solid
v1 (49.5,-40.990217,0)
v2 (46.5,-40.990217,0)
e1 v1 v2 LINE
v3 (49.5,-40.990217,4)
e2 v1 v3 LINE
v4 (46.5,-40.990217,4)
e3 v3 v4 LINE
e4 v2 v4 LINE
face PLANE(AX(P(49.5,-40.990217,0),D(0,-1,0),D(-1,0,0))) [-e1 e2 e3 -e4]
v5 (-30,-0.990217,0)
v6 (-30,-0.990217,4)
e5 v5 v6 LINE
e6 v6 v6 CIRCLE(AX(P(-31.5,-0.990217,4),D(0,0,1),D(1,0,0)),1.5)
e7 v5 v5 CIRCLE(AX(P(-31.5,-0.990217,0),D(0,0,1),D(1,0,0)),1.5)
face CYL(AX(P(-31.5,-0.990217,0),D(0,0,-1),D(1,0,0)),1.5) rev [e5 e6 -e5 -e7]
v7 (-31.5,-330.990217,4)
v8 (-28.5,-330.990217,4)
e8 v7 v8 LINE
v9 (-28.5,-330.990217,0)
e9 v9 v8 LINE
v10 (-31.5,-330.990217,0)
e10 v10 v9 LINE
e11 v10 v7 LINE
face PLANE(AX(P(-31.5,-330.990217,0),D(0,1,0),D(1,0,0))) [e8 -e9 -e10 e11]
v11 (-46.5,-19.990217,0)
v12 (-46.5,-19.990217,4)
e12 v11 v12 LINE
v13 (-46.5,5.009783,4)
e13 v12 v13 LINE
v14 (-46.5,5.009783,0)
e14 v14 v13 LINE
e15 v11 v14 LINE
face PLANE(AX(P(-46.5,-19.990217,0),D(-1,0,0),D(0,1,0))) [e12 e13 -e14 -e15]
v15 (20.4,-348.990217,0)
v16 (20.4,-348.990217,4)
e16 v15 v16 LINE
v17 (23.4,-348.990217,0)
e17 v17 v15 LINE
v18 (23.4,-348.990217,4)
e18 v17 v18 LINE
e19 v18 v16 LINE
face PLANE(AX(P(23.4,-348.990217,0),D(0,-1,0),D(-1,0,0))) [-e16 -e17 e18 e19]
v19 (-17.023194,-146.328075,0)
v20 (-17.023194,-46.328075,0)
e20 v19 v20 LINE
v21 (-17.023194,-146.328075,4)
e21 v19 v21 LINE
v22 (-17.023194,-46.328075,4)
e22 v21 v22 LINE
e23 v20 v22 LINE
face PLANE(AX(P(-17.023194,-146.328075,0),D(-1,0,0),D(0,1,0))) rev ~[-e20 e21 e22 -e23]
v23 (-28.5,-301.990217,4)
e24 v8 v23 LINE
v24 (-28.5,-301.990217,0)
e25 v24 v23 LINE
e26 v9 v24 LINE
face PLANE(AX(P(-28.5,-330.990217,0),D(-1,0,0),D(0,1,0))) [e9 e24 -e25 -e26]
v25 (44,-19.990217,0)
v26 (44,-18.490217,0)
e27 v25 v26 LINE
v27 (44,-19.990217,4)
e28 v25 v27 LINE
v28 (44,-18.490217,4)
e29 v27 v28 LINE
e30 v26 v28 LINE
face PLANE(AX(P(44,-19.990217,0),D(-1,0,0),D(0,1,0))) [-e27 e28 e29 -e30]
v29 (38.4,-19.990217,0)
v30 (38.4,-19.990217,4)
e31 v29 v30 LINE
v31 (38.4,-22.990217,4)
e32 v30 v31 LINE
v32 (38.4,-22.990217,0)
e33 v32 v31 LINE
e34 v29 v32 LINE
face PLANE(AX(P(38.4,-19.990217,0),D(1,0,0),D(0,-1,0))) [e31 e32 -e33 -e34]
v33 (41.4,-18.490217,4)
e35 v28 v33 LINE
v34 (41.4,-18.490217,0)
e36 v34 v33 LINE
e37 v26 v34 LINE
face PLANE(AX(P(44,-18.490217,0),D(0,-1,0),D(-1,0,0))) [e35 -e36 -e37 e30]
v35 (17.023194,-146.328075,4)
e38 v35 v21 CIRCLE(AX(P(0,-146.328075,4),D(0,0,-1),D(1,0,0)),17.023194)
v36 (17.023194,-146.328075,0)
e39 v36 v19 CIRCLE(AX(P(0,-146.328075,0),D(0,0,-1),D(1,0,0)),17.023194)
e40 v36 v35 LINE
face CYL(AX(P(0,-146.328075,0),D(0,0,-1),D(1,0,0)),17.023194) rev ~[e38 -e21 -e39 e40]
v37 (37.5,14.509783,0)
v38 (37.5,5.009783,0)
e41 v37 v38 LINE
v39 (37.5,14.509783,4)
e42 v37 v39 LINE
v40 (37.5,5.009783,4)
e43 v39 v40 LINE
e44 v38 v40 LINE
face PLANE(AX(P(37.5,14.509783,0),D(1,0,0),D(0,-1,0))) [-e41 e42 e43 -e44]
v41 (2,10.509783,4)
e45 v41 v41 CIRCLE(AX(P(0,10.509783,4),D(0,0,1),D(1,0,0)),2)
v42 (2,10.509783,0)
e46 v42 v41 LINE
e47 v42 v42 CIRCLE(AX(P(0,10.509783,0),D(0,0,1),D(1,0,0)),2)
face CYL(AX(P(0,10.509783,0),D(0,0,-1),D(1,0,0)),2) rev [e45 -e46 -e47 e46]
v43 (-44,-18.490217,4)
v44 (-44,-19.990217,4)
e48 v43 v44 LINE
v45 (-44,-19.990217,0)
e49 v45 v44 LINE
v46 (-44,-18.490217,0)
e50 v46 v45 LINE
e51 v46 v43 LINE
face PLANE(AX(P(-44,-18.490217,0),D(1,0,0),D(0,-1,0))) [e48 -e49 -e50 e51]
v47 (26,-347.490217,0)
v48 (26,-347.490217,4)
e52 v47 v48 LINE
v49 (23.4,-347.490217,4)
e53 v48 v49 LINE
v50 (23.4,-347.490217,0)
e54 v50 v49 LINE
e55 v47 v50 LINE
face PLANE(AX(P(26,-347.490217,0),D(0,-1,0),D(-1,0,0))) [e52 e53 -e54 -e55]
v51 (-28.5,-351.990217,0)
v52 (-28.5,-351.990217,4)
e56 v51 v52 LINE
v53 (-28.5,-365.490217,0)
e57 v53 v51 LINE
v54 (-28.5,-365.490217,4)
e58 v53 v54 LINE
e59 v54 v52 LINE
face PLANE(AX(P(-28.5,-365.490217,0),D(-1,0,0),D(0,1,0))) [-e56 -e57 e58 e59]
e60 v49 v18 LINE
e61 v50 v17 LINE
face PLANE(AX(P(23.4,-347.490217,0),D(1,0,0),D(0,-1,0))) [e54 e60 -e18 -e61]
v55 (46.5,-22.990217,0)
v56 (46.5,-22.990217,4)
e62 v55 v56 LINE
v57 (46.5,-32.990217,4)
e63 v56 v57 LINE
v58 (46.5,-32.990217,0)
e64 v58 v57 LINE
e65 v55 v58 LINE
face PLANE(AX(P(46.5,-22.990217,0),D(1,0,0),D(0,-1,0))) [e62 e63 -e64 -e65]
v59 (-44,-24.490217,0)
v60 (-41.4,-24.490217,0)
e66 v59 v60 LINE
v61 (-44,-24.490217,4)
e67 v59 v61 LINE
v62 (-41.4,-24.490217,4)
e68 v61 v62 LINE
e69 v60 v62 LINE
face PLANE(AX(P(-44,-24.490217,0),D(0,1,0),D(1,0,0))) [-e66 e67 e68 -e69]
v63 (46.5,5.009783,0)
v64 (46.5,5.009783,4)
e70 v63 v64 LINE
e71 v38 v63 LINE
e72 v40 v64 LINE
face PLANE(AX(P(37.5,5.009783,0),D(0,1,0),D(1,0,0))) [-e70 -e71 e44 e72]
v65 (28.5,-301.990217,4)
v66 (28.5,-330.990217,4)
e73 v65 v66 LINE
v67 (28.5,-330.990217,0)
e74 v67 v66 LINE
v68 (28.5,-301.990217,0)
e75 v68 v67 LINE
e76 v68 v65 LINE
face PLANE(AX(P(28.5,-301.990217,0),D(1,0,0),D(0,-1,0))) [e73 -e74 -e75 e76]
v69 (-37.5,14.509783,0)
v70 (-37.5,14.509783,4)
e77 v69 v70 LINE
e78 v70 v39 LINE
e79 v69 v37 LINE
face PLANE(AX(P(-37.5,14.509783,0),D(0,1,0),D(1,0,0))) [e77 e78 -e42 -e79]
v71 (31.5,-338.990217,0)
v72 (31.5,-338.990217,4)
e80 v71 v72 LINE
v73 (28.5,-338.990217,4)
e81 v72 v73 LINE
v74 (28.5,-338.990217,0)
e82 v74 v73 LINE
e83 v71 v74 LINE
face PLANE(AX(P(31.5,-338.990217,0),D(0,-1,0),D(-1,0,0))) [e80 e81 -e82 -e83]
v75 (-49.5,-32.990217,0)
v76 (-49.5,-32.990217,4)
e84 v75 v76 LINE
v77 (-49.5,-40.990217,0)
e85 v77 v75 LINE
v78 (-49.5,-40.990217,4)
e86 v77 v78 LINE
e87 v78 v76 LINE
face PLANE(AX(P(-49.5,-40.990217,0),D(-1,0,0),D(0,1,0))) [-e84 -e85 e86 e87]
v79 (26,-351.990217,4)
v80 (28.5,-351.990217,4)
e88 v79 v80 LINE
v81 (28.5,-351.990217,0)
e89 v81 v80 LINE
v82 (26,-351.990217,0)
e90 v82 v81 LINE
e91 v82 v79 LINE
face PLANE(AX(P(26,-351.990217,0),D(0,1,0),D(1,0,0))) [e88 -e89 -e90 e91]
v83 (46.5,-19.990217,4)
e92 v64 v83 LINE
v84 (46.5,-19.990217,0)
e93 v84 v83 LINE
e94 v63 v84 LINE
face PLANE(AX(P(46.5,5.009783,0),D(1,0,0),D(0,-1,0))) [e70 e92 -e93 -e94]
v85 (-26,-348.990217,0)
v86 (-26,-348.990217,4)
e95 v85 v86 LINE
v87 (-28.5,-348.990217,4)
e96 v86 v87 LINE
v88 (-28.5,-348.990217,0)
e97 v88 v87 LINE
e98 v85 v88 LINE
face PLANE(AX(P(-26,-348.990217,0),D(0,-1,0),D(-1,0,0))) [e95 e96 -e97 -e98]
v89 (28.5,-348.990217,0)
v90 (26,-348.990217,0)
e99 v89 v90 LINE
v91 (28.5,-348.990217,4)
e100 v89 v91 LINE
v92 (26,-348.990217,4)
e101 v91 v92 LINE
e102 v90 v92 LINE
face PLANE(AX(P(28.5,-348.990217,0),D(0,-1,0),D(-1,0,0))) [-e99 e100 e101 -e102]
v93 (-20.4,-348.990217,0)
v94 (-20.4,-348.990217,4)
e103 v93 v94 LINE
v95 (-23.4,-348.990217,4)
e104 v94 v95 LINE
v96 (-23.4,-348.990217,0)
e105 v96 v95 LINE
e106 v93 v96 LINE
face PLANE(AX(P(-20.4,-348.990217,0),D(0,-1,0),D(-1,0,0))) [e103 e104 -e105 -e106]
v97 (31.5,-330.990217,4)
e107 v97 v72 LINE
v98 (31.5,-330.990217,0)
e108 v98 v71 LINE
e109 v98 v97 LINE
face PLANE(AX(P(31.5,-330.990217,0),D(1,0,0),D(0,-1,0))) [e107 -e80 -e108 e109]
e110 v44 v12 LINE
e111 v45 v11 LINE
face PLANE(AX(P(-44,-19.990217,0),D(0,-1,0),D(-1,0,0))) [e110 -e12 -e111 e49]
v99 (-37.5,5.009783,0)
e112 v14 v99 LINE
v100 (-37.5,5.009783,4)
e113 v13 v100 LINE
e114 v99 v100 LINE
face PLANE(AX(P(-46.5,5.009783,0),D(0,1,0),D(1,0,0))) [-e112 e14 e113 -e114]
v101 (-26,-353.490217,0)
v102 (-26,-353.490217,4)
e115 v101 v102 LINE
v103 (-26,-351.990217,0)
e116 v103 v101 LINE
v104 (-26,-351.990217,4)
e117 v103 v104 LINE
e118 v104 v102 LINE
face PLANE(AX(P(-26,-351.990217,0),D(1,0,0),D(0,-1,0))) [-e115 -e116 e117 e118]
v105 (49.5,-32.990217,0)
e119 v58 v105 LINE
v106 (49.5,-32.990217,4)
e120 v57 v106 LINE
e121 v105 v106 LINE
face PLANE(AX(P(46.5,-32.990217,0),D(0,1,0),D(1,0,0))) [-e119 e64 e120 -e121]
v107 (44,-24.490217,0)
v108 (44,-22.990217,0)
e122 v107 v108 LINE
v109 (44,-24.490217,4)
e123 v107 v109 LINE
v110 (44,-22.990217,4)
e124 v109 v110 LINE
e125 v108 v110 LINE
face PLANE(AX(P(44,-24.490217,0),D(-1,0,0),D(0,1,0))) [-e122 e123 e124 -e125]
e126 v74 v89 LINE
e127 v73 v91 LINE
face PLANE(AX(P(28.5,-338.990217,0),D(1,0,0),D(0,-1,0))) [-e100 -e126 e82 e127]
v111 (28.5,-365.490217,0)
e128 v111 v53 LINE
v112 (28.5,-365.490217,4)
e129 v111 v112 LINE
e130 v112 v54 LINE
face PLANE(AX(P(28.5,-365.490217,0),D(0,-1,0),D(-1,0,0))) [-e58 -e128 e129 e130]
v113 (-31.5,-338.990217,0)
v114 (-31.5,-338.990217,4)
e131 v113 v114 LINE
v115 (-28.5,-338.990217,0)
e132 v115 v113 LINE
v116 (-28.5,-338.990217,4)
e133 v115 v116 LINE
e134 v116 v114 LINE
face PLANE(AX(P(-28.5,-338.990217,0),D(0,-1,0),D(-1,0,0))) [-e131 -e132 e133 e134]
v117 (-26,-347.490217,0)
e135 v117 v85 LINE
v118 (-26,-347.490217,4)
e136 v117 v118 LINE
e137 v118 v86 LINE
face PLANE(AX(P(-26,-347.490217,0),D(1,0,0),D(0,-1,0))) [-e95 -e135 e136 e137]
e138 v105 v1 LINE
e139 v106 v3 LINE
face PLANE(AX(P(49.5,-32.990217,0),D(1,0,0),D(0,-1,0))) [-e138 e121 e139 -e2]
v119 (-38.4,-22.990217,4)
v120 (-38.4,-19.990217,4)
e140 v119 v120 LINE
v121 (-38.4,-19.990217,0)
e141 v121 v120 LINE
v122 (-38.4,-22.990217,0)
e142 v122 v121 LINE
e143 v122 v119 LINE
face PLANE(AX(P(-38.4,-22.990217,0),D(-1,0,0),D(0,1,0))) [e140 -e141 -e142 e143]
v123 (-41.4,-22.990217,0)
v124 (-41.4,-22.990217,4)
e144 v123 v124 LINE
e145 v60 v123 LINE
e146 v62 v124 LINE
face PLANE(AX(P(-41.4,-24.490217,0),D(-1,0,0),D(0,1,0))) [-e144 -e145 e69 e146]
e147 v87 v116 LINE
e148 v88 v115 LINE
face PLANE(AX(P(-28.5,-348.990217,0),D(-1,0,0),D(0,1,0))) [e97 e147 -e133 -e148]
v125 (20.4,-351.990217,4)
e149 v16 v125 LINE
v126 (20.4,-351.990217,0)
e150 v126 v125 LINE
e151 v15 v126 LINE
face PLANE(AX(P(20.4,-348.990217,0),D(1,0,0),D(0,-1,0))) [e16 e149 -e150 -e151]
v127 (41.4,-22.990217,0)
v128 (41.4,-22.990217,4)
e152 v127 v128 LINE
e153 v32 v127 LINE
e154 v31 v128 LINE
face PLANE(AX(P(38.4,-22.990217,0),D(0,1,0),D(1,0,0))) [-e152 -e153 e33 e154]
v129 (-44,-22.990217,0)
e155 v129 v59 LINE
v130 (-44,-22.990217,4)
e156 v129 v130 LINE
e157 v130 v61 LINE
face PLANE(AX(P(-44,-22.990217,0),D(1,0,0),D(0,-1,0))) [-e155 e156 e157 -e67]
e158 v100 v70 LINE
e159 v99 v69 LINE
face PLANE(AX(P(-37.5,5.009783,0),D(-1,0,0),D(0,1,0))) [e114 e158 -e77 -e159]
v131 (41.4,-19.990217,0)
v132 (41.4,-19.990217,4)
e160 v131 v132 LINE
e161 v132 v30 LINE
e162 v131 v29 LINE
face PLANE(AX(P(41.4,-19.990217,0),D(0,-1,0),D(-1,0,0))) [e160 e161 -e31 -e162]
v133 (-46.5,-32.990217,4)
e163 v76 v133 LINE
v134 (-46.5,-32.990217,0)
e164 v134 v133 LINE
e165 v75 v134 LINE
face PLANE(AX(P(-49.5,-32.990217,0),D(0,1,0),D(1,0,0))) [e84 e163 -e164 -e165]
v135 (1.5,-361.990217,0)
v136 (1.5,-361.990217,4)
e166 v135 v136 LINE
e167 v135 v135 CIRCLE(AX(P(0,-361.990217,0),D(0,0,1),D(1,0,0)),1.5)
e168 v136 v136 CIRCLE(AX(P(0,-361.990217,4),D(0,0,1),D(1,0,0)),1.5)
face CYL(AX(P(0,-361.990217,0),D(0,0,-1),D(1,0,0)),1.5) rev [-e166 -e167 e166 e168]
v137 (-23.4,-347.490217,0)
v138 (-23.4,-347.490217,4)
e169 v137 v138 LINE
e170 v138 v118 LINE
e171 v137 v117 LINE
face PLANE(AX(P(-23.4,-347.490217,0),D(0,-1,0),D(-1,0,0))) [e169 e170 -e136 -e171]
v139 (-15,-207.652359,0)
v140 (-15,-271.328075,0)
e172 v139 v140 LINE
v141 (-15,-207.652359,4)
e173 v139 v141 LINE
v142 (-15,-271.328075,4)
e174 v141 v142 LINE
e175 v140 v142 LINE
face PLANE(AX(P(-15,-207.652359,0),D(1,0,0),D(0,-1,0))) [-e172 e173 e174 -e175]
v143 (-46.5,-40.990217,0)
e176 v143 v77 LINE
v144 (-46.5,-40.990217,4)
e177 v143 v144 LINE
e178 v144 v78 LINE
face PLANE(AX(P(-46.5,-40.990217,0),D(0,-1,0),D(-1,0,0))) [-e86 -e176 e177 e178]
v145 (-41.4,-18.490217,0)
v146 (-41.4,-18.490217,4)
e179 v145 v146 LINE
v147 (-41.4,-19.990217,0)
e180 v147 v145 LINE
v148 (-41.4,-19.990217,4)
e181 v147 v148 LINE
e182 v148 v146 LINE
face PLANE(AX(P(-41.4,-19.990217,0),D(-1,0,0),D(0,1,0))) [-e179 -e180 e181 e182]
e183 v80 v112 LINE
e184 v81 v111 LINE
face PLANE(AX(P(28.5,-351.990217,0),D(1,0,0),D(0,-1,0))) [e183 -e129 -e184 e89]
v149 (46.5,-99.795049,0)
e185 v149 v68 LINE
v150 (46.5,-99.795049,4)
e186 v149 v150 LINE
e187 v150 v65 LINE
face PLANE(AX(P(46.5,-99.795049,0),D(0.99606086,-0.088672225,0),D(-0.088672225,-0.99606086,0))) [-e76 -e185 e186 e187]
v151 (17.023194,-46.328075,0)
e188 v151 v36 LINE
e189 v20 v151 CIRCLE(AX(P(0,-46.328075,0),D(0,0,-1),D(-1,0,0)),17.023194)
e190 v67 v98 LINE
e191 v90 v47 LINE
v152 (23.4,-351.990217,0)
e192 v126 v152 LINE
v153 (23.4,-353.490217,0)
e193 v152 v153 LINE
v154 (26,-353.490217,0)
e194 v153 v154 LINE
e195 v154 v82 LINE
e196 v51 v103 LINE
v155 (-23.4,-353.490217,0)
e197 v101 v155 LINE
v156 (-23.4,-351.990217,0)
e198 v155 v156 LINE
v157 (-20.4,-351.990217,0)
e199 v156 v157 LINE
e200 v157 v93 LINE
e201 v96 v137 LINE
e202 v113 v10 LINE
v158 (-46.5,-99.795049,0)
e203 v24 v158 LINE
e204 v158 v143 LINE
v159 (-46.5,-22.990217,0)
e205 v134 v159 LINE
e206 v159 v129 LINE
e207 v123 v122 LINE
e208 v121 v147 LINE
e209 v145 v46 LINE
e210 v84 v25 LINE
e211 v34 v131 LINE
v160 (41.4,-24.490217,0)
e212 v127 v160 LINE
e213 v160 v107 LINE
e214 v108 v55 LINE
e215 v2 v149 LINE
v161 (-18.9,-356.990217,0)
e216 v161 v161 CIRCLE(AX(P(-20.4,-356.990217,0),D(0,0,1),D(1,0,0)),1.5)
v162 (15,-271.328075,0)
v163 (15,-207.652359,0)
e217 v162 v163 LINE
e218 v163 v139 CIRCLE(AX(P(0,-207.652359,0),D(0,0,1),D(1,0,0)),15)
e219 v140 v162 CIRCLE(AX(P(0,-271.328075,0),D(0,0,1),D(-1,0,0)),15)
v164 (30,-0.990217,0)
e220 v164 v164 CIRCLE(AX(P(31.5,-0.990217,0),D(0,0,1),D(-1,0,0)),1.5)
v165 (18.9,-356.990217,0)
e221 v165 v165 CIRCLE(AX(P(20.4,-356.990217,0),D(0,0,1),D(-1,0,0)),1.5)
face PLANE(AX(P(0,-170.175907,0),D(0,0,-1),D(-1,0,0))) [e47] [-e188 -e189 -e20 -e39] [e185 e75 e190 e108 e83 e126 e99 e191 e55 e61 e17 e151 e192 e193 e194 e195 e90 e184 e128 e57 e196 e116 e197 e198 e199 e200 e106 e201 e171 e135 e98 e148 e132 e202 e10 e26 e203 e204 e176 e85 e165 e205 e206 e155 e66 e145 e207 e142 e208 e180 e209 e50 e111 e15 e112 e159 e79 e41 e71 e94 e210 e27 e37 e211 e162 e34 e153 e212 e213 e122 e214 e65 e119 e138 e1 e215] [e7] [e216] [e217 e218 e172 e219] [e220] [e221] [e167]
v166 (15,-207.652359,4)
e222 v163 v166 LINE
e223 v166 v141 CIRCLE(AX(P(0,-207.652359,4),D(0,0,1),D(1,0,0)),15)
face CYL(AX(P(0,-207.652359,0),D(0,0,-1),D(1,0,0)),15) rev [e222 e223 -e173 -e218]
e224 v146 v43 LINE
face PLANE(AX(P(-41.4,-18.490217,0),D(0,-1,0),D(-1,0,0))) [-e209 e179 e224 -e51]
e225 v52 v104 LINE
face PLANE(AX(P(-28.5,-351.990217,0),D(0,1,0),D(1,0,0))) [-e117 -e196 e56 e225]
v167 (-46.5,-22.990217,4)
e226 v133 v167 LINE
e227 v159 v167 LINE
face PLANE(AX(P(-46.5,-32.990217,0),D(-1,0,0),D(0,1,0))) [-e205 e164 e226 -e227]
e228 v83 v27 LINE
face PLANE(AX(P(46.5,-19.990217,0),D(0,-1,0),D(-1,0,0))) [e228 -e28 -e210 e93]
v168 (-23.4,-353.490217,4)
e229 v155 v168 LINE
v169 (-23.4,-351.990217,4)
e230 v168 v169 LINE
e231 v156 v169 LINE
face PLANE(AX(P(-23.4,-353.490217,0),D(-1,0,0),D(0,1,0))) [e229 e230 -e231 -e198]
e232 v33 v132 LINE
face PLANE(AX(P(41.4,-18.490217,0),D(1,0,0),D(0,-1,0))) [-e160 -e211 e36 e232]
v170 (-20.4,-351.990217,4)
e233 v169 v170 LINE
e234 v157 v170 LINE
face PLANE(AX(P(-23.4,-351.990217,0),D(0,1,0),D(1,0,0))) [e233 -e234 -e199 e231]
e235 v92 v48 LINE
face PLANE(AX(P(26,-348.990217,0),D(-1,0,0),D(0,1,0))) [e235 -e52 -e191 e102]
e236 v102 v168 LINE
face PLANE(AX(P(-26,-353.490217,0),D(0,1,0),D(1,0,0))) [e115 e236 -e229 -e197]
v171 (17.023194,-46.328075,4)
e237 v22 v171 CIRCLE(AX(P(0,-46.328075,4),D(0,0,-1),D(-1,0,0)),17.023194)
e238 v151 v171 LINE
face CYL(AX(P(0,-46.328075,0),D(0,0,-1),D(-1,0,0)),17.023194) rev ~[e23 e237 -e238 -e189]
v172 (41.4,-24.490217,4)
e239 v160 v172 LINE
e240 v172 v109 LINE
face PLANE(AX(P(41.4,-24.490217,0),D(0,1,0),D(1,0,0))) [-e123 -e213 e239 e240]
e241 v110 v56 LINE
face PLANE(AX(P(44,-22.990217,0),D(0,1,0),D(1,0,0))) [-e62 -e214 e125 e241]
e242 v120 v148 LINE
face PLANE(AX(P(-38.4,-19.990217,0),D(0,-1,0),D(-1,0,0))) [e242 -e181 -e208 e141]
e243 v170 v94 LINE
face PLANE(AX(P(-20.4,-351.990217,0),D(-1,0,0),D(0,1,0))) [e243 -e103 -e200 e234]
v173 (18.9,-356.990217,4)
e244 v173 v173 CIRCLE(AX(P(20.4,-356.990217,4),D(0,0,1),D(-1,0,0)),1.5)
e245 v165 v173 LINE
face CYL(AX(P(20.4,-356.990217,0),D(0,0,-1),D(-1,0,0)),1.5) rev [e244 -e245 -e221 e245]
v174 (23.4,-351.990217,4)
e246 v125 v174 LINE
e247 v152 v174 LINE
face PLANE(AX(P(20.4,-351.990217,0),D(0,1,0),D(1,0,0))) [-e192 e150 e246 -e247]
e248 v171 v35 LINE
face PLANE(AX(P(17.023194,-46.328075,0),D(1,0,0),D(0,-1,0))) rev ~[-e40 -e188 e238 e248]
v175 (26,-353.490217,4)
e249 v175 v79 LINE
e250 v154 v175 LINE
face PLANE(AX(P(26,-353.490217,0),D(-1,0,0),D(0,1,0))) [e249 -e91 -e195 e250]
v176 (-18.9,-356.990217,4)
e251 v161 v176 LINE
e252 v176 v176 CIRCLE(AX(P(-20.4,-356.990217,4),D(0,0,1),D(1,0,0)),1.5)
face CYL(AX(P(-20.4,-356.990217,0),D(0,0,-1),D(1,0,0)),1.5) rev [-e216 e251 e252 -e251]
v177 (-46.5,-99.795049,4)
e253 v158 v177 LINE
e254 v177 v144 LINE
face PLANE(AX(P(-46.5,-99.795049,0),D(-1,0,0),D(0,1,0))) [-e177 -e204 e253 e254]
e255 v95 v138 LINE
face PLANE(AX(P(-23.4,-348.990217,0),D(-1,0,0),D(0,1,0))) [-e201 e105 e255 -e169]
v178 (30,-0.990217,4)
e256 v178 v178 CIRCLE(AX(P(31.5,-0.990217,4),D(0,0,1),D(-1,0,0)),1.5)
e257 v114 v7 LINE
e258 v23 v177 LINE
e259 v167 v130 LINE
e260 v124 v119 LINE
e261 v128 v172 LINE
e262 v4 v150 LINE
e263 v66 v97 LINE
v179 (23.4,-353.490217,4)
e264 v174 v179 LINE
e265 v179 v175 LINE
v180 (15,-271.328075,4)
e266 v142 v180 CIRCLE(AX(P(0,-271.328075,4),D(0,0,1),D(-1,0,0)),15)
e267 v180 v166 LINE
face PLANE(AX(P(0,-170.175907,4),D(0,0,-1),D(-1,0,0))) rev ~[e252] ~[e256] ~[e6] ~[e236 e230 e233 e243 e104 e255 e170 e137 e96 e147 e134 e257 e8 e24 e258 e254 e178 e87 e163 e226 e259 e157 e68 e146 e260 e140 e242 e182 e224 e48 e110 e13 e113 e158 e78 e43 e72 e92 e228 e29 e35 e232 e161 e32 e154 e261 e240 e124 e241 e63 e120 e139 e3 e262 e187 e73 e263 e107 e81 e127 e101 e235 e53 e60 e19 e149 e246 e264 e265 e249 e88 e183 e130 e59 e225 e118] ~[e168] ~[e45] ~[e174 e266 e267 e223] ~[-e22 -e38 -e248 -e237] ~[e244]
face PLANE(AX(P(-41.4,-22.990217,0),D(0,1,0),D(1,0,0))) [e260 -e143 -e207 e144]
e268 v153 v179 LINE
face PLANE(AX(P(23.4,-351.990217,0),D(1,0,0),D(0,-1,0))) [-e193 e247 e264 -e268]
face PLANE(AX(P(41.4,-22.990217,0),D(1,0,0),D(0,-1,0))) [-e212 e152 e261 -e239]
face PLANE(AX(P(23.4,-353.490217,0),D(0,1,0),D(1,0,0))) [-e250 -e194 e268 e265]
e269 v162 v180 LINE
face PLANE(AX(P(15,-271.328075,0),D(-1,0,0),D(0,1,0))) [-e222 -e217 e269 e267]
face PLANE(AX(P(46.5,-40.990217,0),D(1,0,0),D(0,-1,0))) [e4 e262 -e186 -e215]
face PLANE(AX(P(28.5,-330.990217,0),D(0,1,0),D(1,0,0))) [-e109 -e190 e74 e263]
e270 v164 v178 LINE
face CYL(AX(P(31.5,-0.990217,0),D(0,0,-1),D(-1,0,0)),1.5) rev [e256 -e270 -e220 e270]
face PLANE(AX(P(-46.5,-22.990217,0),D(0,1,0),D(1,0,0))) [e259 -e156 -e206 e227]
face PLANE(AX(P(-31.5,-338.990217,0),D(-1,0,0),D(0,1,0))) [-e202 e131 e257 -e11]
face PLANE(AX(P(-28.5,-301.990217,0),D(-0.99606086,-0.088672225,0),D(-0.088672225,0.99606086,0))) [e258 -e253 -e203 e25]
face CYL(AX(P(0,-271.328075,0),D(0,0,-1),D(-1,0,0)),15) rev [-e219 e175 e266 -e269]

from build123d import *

# Parameters (mm, degrees)
SKETCH_3_R      = 1.5
SKETCH_3_R_2    = 2
EXTRUDE_1_DEPTH = 4


with BuildPart() as part:
    # 草图3 → 凸台-拉伸1 (new body)
    with BuildSketch(Plane.XY):
        Polygon((-46.5, 5.009783315), (-37.5, 5.009783315), (-37.5, 14.509783315), (37.5, 14.509783315), (37.5, 5.009783315), (46.5, 5.009783315), (46.5, -19.990216685), (44, -19.990216685), (44, -18.490216685), (41.4, -18.490216685), (41.4, -19.990216685), (38.4, -19.990216685), (38.4, -22.990216685), (41.4, -22.990216685), (41.4, -24.490216685), (44, -24.490216685), (44, -22.990216685), (46.5, -22.990216685), (46.5, -32.990216685), (49.5, -32.990216685), (49.5, -40.990216685), (46.5, -40.990216685), (46.5, -99.795048798), (28.5, -301.990216685), (28.5, -330.990216685), (31.5, -330.990216685), (31.5, -338.990216685), (28.5, -338.990216685), (28.5, -348.990216685), (26, -348.990216685), (26, -347.490216685), (23.4, -347.490216685), (23.4, -348.990216685), (20.4, -348.990216685), (20.4, -351.990216685), (23.4, -351.990216685), (23.4, -353.490216685), (26, -353.490216685), (26, -351.990216685), (28.5, -351.990216685), (28.5, -365.490216685), (-28.5, -365.490216685), (-28.5, -351.990216685), (-26, -351.990216685), (-26, -353.490216685), (-23.4, -353.490216685), (-23.4, -351.990216685), (-20.4, -351.990216685), (-20.4, -348.990216685), (-23.4, -348.990216685), (-23.4, -347.490216685), (-26, -347.490216685), (-26, -348.990216685), (-28.5, -348.990216685), (-28.5, -338.990216685), (-31.5, -338.990216685), (-31.5, -330.990216685), (-28.5, -330.990216685), (-28.5, -301.990216685), (-46.5, -99.795048798), (-46.5, -40.990216685), (-49.5, -40.990216685), (-49.5, -32.990216685), (-46.5, -32.990216685), (-46.5, -22.990216685), (-44, -22.990216685), (-44, -24.490216685), (-41.4, -24.490216685), (-41.4, -22.990216685), (-38.4, -22.990216685), (-38.4, -19.990216685), (-41.4, -19.990216685), (-41.4, -18.490216685), (-44, -18.490216685), (-44, -19.990216685), (-46.5, -19.990216685), align=None)
        with Locations((-31.5, -0.990216685)):
            Circle(SKETCH_3_R, mode=Mode.SUBTRACT)
        with Locations((0, 10.509783315)):
            Circle(SKETCH_3_R_2, mode=Mode.SUBTRACT)
        with Locations(Location((31.5, -0.990216685, 0), (0, 0, 180))):
            Circle(SKETCH_3_R, mode=Mode.SUBTRACT)
        with Locations((0, -361.990216685)):
            Circle(SKETCH_3_R, mode=Mode.SUBTRACT)
        with Locations((-20.4, -356.990216685)):
            Circle(SKETCH_3_R, mode=Mode.SUBTRACT)
        with Locations(Location((20.4, -356.990216685, 0), (0, 0, 180))):
            Circle(SKETCH_3_R, mode=Mode.SUBTRACT)
        with BuildLine():
            Line((-17.023193691, -146.328074808), (-17.023193691, -46.328074808))
            ThreePointArc((-17.023193691, -46.328074808), (0, -29.304881117), (17.023193691, -46.328074808))
            Line((17.023193691, -46.328074808), (17.023193691, -146.328074808))
            ThreePointArc((17.023193691, -146.328074808), (0, -163.351268499), (-17.023193691, -146.328074808))
        make_face(mode=Mode.SUBTRACT)
        with BuildLine():
            Line((-15, -207.652358563), (-15, -271.328074808))
            ThreePointArc((-15, -271.328074808), (0, -286.328074808), (15, -271.328074808))
            Line((15, -271.328074808), (15, -207.652358563))
            ThreePointArc((15, -207.652358563), (0, -192.652358563), (-15, -207.652358563))
        make_face(mode=Mode.SUBTRACT)
    extrude(amount=EXTRUDE_1_DEPTH)


solid = part.part
